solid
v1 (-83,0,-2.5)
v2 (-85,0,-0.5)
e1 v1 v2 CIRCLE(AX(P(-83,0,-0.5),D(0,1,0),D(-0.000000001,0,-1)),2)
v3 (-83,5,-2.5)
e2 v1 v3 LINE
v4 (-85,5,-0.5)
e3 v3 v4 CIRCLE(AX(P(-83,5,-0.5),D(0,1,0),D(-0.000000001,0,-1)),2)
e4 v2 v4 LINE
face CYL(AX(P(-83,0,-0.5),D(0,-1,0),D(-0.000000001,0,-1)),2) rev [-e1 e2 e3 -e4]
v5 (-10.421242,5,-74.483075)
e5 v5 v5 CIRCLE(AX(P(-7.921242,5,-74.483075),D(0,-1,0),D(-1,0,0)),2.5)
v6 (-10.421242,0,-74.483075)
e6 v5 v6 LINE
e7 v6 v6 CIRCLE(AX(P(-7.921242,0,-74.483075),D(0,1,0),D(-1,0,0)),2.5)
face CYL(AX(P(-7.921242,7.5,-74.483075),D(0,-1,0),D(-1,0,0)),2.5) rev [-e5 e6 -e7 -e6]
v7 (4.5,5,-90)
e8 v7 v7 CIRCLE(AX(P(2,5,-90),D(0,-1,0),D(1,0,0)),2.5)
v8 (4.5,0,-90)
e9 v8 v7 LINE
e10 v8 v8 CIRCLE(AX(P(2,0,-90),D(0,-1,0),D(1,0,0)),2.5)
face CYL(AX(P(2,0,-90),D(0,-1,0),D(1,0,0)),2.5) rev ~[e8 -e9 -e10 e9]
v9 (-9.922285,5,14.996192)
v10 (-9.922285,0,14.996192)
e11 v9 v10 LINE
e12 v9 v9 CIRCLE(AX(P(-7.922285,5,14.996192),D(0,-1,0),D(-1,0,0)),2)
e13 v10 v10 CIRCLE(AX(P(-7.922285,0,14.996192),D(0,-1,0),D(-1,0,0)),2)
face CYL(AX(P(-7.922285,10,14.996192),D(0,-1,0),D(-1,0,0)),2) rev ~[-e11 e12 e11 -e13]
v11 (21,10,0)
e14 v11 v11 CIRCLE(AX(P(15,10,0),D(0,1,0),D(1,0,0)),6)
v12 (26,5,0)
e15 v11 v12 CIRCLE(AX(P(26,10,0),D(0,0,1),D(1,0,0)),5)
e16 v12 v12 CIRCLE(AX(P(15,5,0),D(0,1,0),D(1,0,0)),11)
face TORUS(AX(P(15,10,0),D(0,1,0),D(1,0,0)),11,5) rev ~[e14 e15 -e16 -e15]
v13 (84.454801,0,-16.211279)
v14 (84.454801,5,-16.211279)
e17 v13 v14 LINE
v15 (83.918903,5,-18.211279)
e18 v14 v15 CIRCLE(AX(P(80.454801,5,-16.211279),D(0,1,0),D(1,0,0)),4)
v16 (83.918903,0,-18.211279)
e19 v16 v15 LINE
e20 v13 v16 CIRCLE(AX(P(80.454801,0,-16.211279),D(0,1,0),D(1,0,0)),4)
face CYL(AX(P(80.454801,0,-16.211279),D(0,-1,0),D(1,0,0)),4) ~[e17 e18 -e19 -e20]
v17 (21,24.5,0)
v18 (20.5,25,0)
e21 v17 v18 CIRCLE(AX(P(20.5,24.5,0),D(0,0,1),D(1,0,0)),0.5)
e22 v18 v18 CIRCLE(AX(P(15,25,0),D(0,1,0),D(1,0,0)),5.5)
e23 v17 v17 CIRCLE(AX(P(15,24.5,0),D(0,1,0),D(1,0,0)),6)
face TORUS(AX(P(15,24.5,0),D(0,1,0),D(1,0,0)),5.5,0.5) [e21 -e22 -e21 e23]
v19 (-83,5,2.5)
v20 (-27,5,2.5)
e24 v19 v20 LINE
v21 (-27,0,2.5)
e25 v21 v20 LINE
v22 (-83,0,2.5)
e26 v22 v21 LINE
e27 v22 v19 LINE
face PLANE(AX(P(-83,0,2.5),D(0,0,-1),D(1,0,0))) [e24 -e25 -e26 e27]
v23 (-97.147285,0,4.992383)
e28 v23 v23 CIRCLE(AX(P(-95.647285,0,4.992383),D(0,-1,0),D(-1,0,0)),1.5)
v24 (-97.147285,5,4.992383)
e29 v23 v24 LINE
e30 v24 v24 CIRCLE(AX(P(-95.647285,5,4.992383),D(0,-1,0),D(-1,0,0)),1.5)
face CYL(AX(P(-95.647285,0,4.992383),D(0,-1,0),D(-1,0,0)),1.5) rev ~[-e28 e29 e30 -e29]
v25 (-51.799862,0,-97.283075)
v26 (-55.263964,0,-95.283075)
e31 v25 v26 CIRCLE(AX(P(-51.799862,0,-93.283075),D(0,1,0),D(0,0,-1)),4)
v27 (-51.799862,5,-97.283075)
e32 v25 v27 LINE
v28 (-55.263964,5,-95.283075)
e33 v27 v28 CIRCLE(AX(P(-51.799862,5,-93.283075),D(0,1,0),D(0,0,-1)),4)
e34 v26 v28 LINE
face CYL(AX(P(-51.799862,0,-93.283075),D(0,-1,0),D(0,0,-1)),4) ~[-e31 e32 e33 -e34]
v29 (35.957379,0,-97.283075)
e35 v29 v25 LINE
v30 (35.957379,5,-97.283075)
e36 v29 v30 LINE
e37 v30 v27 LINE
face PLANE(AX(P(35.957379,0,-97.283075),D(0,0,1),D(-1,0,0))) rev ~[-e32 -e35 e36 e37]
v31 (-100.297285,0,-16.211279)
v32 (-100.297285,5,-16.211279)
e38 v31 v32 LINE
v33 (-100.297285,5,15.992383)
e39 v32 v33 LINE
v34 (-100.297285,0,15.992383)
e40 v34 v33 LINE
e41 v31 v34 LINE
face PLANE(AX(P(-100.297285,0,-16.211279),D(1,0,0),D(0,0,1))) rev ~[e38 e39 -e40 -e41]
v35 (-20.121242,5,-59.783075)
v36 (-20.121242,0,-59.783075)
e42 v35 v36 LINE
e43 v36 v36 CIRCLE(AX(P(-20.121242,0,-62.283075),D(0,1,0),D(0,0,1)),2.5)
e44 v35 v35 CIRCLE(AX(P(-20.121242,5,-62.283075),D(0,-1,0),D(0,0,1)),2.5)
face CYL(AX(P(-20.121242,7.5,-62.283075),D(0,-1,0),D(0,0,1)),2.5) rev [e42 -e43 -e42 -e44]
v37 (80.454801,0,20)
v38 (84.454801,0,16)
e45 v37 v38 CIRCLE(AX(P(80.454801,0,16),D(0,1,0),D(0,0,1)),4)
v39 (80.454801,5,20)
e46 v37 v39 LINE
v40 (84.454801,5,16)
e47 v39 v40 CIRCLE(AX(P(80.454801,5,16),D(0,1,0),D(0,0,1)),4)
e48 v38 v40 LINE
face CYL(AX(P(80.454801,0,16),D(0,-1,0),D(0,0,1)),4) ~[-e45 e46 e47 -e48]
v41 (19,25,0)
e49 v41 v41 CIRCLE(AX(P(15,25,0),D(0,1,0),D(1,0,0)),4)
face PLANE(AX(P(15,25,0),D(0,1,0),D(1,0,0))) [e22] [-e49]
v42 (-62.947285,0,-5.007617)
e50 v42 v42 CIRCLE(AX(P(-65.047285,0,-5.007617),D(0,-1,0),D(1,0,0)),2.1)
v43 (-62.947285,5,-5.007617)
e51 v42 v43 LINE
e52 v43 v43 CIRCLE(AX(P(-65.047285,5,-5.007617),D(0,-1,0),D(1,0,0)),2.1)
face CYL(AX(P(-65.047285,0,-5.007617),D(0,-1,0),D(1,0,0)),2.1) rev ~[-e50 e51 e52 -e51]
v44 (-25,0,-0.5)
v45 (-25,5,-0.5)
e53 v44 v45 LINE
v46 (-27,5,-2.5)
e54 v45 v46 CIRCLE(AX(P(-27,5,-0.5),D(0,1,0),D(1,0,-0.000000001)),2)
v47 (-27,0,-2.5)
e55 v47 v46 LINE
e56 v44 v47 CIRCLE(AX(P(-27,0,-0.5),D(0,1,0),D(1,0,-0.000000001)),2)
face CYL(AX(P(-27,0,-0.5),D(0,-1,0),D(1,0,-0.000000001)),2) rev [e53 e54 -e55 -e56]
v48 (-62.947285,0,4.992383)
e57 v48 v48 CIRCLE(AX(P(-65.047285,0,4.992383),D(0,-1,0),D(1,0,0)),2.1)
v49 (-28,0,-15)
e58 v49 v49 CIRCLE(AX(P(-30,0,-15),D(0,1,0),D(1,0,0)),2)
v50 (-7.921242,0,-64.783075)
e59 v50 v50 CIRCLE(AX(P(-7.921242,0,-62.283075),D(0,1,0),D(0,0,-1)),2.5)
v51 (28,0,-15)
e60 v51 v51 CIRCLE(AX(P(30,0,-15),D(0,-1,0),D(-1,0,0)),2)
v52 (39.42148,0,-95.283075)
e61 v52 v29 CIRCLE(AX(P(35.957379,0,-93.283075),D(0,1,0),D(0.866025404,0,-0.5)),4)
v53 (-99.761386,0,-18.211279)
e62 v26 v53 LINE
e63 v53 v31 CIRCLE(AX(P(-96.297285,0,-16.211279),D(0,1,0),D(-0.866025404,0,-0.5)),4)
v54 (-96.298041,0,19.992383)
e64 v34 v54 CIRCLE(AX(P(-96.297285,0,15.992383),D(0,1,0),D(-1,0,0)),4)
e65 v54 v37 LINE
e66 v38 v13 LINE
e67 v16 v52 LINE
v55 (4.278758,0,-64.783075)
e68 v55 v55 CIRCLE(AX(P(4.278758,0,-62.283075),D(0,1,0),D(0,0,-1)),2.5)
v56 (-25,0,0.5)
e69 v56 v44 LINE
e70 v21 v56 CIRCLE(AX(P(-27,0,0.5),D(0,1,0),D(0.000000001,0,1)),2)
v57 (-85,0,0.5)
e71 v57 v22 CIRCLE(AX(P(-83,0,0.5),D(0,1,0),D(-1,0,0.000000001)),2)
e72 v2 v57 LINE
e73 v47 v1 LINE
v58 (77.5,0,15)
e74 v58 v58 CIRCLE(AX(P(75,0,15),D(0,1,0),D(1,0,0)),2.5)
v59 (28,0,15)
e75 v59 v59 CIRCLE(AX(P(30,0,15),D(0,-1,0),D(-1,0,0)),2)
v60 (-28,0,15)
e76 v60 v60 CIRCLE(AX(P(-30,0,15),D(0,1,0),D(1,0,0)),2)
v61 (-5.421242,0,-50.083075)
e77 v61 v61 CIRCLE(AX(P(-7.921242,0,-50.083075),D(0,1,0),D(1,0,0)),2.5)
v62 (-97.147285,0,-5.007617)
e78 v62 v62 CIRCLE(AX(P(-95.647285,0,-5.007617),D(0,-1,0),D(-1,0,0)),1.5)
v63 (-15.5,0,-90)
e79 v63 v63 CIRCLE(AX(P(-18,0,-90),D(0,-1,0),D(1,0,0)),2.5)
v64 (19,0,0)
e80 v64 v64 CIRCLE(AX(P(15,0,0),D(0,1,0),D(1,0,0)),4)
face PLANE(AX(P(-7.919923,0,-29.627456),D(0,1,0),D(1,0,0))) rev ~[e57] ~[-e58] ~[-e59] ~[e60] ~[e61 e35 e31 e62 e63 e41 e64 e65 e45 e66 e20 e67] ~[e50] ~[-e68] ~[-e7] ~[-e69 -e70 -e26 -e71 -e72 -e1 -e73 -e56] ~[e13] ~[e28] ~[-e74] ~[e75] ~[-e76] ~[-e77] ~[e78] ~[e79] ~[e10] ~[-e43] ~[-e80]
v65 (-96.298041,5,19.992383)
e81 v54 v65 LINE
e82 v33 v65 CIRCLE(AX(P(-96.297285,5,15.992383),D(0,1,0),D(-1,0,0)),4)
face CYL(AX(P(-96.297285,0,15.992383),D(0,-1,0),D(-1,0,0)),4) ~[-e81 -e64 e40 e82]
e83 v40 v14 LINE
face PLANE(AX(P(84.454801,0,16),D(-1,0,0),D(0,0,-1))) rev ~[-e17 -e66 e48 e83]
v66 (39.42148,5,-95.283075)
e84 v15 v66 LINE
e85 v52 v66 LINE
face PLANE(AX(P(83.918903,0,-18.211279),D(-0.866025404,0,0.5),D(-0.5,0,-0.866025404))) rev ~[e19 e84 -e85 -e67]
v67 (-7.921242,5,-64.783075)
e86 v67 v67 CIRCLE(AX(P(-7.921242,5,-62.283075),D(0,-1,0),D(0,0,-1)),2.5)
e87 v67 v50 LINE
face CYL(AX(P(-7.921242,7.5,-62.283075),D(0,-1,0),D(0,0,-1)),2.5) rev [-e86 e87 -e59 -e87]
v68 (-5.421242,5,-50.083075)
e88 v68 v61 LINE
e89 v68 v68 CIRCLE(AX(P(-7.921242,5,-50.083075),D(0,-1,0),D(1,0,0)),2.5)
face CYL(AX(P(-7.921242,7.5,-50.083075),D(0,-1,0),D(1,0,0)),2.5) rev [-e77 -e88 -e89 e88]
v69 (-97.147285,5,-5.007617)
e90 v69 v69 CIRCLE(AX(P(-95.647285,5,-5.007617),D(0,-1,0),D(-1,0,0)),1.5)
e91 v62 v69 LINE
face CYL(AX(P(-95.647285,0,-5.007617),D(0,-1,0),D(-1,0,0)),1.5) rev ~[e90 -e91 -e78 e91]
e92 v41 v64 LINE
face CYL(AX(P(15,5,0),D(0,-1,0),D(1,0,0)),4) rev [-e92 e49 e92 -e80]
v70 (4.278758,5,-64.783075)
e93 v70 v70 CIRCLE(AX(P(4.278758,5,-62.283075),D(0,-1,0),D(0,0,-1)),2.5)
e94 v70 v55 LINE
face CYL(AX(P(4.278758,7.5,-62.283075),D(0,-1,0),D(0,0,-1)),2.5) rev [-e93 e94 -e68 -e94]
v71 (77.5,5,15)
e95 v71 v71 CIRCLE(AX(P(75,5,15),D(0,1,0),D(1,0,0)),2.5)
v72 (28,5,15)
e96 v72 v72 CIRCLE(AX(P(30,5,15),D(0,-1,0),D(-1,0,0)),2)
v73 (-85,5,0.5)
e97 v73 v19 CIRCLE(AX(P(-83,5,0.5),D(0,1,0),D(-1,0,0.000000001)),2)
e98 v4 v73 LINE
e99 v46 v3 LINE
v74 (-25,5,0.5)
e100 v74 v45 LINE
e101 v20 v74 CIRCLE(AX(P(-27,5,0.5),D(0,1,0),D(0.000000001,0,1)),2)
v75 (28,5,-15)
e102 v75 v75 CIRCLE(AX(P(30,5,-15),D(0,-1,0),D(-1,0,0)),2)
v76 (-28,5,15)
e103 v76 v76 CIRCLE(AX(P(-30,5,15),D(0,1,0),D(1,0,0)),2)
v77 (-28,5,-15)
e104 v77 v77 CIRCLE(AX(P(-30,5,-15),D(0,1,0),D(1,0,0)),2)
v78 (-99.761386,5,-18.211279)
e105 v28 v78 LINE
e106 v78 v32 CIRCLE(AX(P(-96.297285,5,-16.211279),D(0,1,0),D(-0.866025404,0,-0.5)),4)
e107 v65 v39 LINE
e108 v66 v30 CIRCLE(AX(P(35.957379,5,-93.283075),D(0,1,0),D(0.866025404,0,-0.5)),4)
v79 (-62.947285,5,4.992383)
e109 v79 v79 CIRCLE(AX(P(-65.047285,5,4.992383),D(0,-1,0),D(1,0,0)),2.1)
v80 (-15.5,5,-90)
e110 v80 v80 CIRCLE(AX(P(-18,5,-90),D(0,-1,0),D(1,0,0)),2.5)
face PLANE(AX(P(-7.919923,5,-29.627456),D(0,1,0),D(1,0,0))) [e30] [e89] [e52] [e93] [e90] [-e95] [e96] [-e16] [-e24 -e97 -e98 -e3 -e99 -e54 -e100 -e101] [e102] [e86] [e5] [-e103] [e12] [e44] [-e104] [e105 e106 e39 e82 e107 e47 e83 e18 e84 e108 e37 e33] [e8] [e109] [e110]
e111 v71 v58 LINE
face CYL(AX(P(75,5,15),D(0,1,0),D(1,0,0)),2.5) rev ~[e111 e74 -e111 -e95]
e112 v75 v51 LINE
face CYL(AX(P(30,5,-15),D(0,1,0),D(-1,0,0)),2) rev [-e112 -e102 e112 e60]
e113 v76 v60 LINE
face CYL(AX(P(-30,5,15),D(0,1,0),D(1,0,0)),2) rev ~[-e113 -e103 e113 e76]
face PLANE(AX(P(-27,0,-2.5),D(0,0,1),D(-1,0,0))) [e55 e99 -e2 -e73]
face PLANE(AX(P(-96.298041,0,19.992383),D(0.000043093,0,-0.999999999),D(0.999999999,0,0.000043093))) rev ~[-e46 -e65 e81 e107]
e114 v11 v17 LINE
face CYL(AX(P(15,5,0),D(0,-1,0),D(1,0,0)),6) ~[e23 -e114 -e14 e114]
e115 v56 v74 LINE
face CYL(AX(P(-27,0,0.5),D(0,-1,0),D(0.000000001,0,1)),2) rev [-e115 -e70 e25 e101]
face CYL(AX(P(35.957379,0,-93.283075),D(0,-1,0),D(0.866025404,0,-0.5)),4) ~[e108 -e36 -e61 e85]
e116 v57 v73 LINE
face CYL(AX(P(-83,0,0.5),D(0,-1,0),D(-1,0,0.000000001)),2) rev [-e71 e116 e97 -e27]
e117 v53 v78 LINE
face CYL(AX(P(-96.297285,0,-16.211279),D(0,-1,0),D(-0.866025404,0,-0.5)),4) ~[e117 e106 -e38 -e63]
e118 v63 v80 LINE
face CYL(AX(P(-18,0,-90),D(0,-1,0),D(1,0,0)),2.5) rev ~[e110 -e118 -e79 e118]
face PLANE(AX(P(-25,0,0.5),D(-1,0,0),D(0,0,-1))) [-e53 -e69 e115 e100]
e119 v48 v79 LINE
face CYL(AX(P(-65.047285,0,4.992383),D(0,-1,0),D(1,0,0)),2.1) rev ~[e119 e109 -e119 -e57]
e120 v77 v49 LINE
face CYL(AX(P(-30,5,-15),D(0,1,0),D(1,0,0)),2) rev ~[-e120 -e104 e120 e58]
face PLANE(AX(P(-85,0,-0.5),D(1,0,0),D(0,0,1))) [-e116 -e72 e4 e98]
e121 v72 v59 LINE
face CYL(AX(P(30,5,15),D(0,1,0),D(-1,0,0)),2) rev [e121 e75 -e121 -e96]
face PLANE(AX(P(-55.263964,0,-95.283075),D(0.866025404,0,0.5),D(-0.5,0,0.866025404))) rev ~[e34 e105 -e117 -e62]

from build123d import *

# Parameters (mm, degrees)
SKETCH1_R                 = 4
BOSS_EXTRUDE1_DEPTH       = 5
SKETCH2_R                 = 6
SKETCH2_R_2               = 4
BOSS_EXTRUDE2_DEPTH       = 20
FILLET1_R                 = 5
FILLET2_R                 = 0.5
SKETCH3_R                 = 2
CUT_EXTRUDE3_DEPTH        = 5
CUT_EXTRUDE8_REACH        = 27
SKETCH10_R                = 2.5
CUT_EXTRUDE10_REACH       = 27
SKETCH13_R                = 1.5
CUT_EXTRUDE11_REACH       = 27
SKETCH14_R                = 2.1
LPATTERN1_COUNT           = 2
LPATTERN1_PITCH           = 12.2
F_4_0MM_DOWEL_HOLE1_D     = 4
F_4_0MM_DOWEL_HOLE1_DEPTH = 5
SKETCH20_R                = 2.5
CUT_EXTRUDE12_DEPTH       = 10


with BuildPart() as part:
    # Sketch1 → Boss-Extrude1 (new body)
    with BuildSketch(Plane(origin=(0, 0, 0), x_dir=(1, 0, 0), z_dir=(0, 1, 0))):
        with BuildLine():
            Line((-96.298040918, -19.992383229), (80.454801266, -20))
            ThreePointArc((80.454801266, -20), (83.283228391, -18.828427125), (84.454801266, -16))
            Line((84.454801266, -16), (84.454801266, 16.211278603))
            ThreePointArc((84.454801266, 16.211278603), (84.318504571, 17.246554783), (83.918902881, 18.211278603))
            Line((83.918902881, 18.211278603), (39.421480269, 95.283075373))
            ThreePointArc((39.421480269, 95.283075373), (37.957378654, 96.747176988), (35.957378654, 97.283075373))
            Line((35.957378654, 97.283075373), (-51.799862263, 97.283075373))
            ThreePointArc((-51.799862263, 97.283075373), (-53.799862263, 96.747176988), (-55.263963878, 95.283075373))
            Line((-55.263963878, 95.283075373), (-99.76138649, 18.211278603))
            ThreePointArc((-99.76138649, 18.211278603), (-100.16098818, 17.246554783), (-100.297284875, 16.211278603))
            Line((-100.297284875, 16.211278603), (-100.297284875, -15.992383301))
            ThreePointArc((-100.297284875, -15.992383301), (-99.125979289, -18.820543111), (-96.298040918, -19.992383229))
        make_face()
        with Locations((15, 0)):
            Circle(SKETCH1_R, mode=Mode.SUBTRACT)
        with BuildLine():
            Line((-27, 2.5), (-83, 2.5))
            ThreePointArc((-83, 2.5), (-84.414213562, 1.914213562), (-85, 0.5))
            Line((-85, 0.5), (-85, -0.5))
            ThreePointArc((-85, -0.5), (-84.414213562, -1.914213562), (-83, -2.5))
            Line((-83, -2.5), (-27, -2.5))
            ThreePointArc((-27, -2.5), (-25.585786438, -1.914213562), (-25, -0.5))
            Line((-25, -0.5), (-25, 0.5))
            ThreePointArc((-25, 0.5), (-25.585786438, 1.914213562), (-27, 2.5))
        make_face(mode=Mode.SUBTRACT)
    extrude(amount=BOSS_EXTRUDE1_DEPTH)

    # Sketch2 → Boss-Extrude2 (add)
    with BuildSketch(Plane(origin=(0, 5, 0), x_dir=(1, 0, 0), z_dir=(0, 1, 0))):
        with Locations((15, 0)):
            Circle(SKETCH2_R)
        with Locations((15, 0)):
            Circle(SKETCH2_R_2, mode=Mode.SUBTRACT)
    extrude(amount=BOSS_EXTRUDE2_DEPTH)

    # Fillet1
    fillet1_edges = [part.edges().sort_by_distance(p)[0] for p in [
        (9, 5, 0),
    ]]
    fillet(fillet1_edges, radius=FILLET1_R)

    # Fillet2
    fillet2_edges = [part.edges().sort_by_distance(p)[0] for p in [
        (9, 25, 0),
    ]]
    fillet(fillet2_edges, radius=FILLET2_R)

    # Sketch3 → Cut-Extrude3 (cut)
    with BuildSketch(Plane(origin=(0, 5, 0), x_dir=(1, 0, 0), z_dir=(0, 1, 0))):
        with Locations((-30, 15)):
            Circle(SKETCH3_R)
        with Locations((-30, -15)):
            Circle(SKETCH3_R)
    cut_extrude3 = extrude(amount=-CUT_EXTRUDE3_DEPTH, mode=Mode.SUBTRACT)

    # Mirror1: Cut-Extrude3 across plane
    add(cut_extrude3.mirror(Plane(origin=(0, 0, 0), x_dir=(0, 0, 1), z_dir=(1, 0, 0))), mode=Mode.SUBTRACT)

    # Sketch10 → Cut-Extrude8 (cut, up to next)
    with BuildSketch(Plane.XZ, mode=Mode.PRIVATE) as cut_extrude8_sk1:
        with Locations((-18, -90)):
            Circle(SKETCH10_R)
    cut_extrude8_tool1 = extrude(cut_extrude8_sk1.sketch, amount=-CUT_EXTRUDE8_REACH, mode=Mode.PRIVATE) & part.part
    add(cut_extrude8_tool1.solids().sort_by_distance((-18, 0, -90))[0], mode=Mode.SUBTRACT)
    # Sketch10 → Cut-Extrude8 (cut, up to next)
    with BuildSketch(Plane.XZ, mode=Mode.PRIVATE) as cut_extrude8_sk2:
        with Locations((2, -90)):
            Circle(SKETCH10_R)
    cut_extrude8_tool2 = extrude(cut_extrude8_sk2.sketch, amount=-CUT_EXTRUDE8_REACH, mode=Mode.PRIVATE) & part.part
    add(cut_extrude8_tool2.solids().sort_by_distance((2, 0, -90))[0], mode=Mode.SUBTRACT)

    # Sketch13 → Cut-Extrude10 (cut, up to next)
    with BuildSketch(Plane(origin=(0, 0, 0), x_dir=(-1, 0, 0), z_dir=(0, -1, 0)), mode=Mode.PRIVATE) as cut_extrude10_sk1:
        with Locations((95.647284875, -4.992383229)):
            Circle(SKETCH13_R)
    cut_extrude10_tool1 = extrude(cut_extrude10_sk1.sketch, amount=-CUT_EXTRUDE10_REACH, mode=Mode.PRIVATE) & part.part
    add(cut_extrude10_tool1.solids().sort_by_distance((-95.647285, 0, 4.992383))[0], mode=Mode.SUBTRACT)
    # Sketch13 → Cut-Extrude10 (cut, up to next)
    with BuildSketch(Plane(origin=(0, 0, 0), x_dir=(-1, 0, 0), z_dir=(0, -1, 0)), mode=Mode.PRIVATE) as cut_extrude10_sk2:
        with Locations((95.647284875, 5.007616771)):
            Circle(SKETCH13_R)
    cut_extrude10_tool2 = extrude(cut_extrude10_sk2.sketch, amount=-CUT_EXTRUDE10_REACH, mode=Mode.PRIVATE) & part.part
    add(cut_extrude10_tool2.solids().sort_by_distance((-95.647285, 0, -5.007617))[0], mode=Mode.SUBTRACT)

    # Sketch14 → Cut-Extrude11 (cut, up to next)
    with BuildSketch(Plane.XZ, mode=Mode.PRIVATE) as cut_extrude11_sk1:
        with Locations((-65.047284875, 4.992383229)):
            Circle(SKETCH14_R)
    cut_extrude11_tool1 = extrude(cut_extrude11_sk1.sketch, amount=-CUT_EXTRUDE11_REACH, mode=Mode.PRIVATE) & part.part
    add(cut_extrude11_tool1.solids().sort_by_distance((-65.047285, 0, 4.992383))[0], mode=Mode.SUBTRACT)
    # Sketch14 → Cut-Extrude11 (cut, up to next)
    with BuildSketch(Plane.XZ, mode=Mode.PRIVATE) as cut_extrude11_sk2:
        with Locations((-65.047284875, -5.007616771)):
            Circle(SKETCH14_R)
    cut_extrude11_tool2 = extrude(cut_extrude11_sk2.sketch, amount=-CUT_EXTRUDE11_REACH, mode=Mode.PRIVATE) & part.part
    add(cut_extrude11_tool2.solids().sort_by_distance((-65.047285, 0, -5.007617))[0], mode=Mode.SUBTRACT)

    # Sketch16 → Ø5.0mm Dowel Hole1 (revolve, cut)
    with BuildSketch(Plane(origin=(-7.921241804, 0, -62.283075373), x_dir=(0, 0, -1), z_dir=(1, 0, 0))):
        Polygon((0, 0), (0, 9.002151548), (2.5, 7.5), (2.5, 0), align=None)
    f_5_0mm_dowel_hole1 = revolve(axis=Axis((-7.921241804, -6.35, -62.283075373), (0, 1, 0)), mode=Mode.SUBTRACT)

    # LPattern1: Ø5.0mm Dowel Hole1 ×2
    with Locations(*[(i * LPATTERN1_PITCH, 0, 0) for i in range(1, LPATTERN1_COUNT)]):
        add(f_5_0mm_dowel_hole1, mode=Mode.SUBTRACT)

    # CirPattern1 copy 1 sketch → CirPattern1 copy 1 (revolve, cut)
    with BuildSketch(Plane(origin=(-7.921241804, 0, -74.483075373), x_dir=(-1, 0, 0), z_dir=(0, 0, -1))):
        Polygon((0, 0), (0, 9.002151548), (2.5, 7.5), (2.5, 0), align=None)
    revolve(axis=Axis((-7.921241804, -6.35, -74.483075373), (0, 1, 0)), mode=Mode.SUBTRACT)

    # CirPattern1 copy 2 sketch → CirPattern1 copy 2 (revolve, cut)
    with BuildSketch(Plane(origin=(-20.121241804, 0, -62.283075373), x_dir=(0, 0, 1), z_dir=(-1, 0, 0))):
        Polygon((0, 0), (0, 9.002151548), (2.5, 7.5), (2.5, 0), align=None)
    revolve(axis=Axis((-20.121241804, -6.35, -62.283075373), (0, 1, 0)), mode=Mode.SUBTRACT)

    # CirPattern1 copy 3 sketch → CirPattern1 copy 3 (revolve, cut)
    with BuildSketch(Plane(origin=(-7.921241804, 0, -50.083075373), x_dir=(1, 0, 0), z_dir=(0, 0, 1))):
        Polygon((0, 0), (0, 9.002151548), (2.5, 7.5), (2.5, 0), align=None)
    revolve(axis=Axis((-7.921241804, -6.35, -50.083075373), (0, 1, 0)), mode=Mode.SUBTRACT)

    # CirPattern1 copy 4 sketch → CirPattern1 copy 4 (revolve, cut)
    with BuildSketch(Plane(origin=(-7.921241804, 0, -62.283075373), x_dir=(-1, 0, 0), z_dir=(0, 0, -1))):
        Polygon((0, 0), (0, 9.002151548), (2.5, 7.5), (2.5, 0), align=None)
    revolve(axis=Axis((-7.921241804, -6.35, -62.283075373), (0, 1, 0)), mode=Mode.SUBTRACT)

    # CirPattern1 copy 5 sketch → CirPattern1 copy 5 (revolve, cut)
    with BuildSketch(Plane(origin=(-7.921241804, 0, -62.283075373), x_dir=(0, 0, 1), z_dir=(-1, 0, 0))):
        Polygon((0, 0), (0, 9.002151548), (2.5, 7.5), (2.5, 0), align=None)
    revolve(axis=Axis((-7.921241804, -6.35, -62.283075373), (0, 1, 0)), mode=Mode.SUBTRACT)

    # CirPattern1 copy 6 sketch → CirPattern1 copy 6 (revolve, cut)
    with BuildSketch(Plane(origin=(-7.921241804, 0, -62.283075373), x_dir=(1, 0, 0), z_dir=(0, 0, 1))):
        Polygon((0, 0), (0, 9.002151548), (2.5, 7.5), (2.5, 0), align=None)
    revolve(axis=Axis((-7.921241804, -6.35, -62.283075373), (0, 1, 0)), mode=Mode.SUBTRACT)

    # Ø4.0mm Dowel Hole1
    with Locations(Plane(origin=(0, 5, 0), x_dir=(1, 0, 0), z_dir=(0, 1, 0))):
        with Locations((-7.922284875, -14.996191581)):
            Hole(F_4_0MM_DOWEL_HOLE1_D / 2, depth=F_4_0MM_DOWEL_HOLE1_DEPTH)

    # Sketch20 → Cut-Extrude12 (cut)
    with BuildSketch(Plane(origin=(0, 5, 0), x_dir=(1, 0, 0), z_dir=(0, 1, 0))):
        with Locations((75, -15)):
            Circle(SKETCH20_R)
    extrude(amount=-CUT_EXTRUDE12_DEPTH, mode=Mode.SUBTRACT)


solid = part.part
